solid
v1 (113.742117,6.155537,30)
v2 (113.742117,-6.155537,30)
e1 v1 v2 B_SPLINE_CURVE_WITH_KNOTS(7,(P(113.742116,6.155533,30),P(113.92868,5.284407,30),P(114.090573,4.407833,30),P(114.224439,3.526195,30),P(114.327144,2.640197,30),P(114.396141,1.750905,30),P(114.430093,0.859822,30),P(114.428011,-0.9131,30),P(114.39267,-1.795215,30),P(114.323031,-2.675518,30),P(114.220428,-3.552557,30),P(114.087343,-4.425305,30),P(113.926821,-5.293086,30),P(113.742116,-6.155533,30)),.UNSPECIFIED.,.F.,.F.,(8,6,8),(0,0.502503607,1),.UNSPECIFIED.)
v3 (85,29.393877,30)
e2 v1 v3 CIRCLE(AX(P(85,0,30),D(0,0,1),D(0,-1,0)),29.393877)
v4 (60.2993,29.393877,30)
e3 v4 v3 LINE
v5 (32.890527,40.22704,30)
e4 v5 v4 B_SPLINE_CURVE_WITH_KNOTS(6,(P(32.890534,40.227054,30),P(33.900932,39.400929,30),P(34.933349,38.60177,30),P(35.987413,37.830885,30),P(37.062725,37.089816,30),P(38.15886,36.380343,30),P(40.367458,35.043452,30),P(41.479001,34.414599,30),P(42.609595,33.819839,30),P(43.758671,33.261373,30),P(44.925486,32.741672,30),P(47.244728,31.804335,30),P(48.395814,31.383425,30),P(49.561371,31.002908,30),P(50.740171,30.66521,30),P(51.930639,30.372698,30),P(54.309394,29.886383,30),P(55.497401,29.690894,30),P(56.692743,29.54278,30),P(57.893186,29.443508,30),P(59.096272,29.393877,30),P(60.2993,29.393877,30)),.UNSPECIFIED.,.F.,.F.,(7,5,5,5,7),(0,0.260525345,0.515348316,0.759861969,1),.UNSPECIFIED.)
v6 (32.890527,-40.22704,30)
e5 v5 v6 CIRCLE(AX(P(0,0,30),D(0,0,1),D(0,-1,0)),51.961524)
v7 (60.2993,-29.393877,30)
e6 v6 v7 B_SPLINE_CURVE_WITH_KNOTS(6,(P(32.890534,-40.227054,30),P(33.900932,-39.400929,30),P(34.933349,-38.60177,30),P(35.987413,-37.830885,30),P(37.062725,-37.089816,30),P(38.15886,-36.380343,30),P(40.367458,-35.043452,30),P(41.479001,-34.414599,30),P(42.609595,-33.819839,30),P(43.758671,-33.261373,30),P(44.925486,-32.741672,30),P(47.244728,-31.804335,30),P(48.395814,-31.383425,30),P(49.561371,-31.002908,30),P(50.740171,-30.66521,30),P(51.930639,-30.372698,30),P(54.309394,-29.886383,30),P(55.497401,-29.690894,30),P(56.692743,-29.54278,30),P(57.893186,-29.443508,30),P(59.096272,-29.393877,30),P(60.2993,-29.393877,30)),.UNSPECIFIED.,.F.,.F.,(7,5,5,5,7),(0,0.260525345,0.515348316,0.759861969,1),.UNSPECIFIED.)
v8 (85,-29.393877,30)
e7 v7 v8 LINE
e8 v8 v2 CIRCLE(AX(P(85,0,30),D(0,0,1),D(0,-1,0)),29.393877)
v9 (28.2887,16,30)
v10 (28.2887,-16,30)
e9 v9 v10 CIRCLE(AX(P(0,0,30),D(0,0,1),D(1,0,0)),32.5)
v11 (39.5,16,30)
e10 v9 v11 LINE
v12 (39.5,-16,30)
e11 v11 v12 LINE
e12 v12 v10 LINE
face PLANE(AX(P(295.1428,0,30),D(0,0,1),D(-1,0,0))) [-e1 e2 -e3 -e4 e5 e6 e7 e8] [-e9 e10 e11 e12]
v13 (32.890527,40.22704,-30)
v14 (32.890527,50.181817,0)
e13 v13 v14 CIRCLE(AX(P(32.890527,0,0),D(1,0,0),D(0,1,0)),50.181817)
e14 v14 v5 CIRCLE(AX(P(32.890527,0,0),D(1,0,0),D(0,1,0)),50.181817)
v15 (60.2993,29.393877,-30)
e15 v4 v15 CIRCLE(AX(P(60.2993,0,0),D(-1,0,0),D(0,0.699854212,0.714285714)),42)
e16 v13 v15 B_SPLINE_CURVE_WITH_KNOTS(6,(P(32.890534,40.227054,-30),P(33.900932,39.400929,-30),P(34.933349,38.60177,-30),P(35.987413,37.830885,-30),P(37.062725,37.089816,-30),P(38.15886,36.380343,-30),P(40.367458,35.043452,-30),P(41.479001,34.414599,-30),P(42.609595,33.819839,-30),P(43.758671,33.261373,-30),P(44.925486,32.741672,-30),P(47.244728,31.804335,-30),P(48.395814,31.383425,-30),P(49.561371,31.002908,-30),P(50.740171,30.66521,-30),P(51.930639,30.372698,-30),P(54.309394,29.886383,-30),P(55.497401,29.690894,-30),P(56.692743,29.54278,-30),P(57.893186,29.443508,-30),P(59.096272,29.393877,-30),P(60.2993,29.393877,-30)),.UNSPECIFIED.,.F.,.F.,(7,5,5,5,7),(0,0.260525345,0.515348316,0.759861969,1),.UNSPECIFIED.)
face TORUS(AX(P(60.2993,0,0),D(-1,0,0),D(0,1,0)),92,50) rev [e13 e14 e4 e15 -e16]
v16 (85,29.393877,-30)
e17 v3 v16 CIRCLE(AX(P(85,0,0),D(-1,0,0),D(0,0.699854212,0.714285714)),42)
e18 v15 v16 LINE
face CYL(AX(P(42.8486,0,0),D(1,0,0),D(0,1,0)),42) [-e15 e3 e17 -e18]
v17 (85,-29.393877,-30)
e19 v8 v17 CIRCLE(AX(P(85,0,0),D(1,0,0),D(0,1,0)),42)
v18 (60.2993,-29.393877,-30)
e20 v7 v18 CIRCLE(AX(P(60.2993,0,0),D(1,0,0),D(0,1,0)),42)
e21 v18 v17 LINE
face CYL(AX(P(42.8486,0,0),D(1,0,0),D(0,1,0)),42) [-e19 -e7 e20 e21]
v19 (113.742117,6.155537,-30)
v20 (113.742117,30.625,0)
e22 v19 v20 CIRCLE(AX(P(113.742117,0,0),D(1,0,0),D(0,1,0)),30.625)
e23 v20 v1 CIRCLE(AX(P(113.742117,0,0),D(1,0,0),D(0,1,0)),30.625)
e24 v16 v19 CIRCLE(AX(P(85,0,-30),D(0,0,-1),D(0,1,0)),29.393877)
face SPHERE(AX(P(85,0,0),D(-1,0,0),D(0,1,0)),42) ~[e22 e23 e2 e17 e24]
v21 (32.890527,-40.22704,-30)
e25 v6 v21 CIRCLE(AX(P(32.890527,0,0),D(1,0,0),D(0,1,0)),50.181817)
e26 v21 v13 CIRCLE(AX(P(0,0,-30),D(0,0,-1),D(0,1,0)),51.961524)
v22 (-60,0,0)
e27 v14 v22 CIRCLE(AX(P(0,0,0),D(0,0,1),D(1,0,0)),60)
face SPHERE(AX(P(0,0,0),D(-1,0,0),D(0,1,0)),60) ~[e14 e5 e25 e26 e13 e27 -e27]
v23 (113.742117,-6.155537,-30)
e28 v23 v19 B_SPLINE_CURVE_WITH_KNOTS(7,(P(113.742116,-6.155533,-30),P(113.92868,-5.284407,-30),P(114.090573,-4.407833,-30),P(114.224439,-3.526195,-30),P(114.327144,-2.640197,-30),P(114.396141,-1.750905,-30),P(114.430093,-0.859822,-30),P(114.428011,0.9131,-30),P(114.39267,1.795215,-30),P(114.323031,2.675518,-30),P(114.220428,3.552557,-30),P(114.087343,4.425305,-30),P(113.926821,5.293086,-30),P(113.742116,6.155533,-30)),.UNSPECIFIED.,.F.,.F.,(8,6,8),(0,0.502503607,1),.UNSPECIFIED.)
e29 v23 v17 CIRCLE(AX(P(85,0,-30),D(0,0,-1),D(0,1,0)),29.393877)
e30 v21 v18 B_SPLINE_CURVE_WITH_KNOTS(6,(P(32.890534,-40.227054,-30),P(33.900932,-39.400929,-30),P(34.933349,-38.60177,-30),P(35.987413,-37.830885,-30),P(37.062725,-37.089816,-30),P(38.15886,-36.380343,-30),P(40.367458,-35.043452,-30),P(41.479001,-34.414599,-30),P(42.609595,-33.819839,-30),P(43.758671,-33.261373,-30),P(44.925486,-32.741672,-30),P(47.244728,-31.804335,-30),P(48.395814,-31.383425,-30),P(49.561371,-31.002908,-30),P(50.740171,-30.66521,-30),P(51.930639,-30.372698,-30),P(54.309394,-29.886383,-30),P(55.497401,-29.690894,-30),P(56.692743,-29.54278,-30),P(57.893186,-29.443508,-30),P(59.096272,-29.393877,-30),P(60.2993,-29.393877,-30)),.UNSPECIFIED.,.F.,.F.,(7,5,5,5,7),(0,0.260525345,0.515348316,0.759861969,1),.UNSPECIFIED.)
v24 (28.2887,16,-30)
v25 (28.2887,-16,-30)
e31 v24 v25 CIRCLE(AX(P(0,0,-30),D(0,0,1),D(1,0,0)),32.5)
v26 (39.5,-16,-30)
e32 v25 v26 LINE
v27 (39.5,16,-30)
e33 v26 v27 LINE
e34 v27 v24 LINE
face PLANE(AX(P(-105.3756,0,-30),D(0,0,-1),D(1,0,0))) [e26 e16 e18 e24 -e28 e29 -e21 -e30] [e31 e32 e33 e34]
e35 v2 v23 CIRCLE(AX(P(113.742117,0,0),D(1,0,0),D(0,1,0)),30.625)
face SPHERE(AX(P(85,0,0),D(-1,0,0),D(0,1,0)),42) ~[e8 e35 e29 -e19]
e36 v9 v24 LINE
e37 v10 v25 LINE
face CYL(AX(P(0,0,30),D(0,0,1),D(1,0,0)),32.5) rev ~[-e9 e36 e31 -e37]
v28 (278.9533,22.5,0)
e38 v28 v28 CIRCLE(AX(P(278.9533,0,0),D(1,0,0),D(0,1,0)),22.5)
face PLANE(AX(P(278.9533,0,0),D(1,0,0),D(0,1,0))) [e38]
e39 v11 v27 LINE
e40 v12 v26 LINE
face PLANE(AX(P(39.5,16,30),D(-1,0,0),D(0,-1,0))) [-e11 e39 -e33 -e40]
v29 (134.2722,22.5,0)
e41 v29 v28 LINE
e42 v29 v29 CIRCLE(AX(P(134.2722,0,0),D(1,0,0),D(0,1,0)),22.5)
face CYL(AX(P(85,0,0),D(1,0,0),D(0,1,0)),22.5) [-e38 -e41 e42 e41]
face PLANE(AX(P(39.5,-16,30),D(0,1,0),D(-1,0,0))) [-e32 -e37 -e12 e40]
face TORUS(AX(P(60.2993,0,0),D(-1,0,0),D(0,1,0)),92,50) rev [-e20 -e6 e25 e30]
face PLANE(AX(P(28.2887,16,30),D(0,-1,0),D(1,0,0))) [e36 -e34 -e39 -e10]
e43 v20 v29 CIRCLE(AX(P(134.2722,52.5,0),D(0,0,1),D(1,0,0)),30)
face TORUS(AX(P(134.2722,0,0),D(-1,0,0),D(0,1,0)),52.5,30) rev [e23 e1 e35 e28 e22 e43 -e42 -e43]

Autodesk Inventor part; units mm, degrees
ref_plane "YZ Plane" through (0, 0, 0) normal (1, 0, 0) x (0, 1, 0)
ref_plane "XZ Plane" through (0, 0, 0) normal (0, 1, 0) x (-1, 0, 0)
ref_plane "XY Plane" through (0, 0, 0) normal (0, 0, 1) x (1, 0, 0)
sketch "Эскиз1" plane through (0, 0, 0) normal (0, 0, 1) x (1, 0, 0)
  circle A0 centre (0, 0) radius 60
  circle A1 centre (0, 0) radius 32.5
  line L0 (28.2887, 16) -> (28.2887, -16)
  line L1 (28.2887, 16) -> (39.5, 16)
  line L2 (39.5, 16) -> (39.5, -16)
  line L3 (39.5, -16) -> (28.2887, -16)
  line L4 (-60, 0) -> (279.451, 0)
  line L5 (42.8486, 42) -> (42.8486, -42)
  line L6 (42.8486, 42) -> (85, 42)
  line L7 (85, 42) -> (85, -42)
  line L8 (85, -42) -> (42.8486, -42)
  line L9 (42.8486, -42) -> (42.8486, 42)
  circle A2 centre (60.2993, 92) radius 50
  line L10 (0, 0) -> (60.2993, 92)
  circle A3 centre (85, 0) radius 42
  line L11 (85, 22.5) -> (278.9533, 22.5)
  line L12 (278.9533, 22.5) -> (278.9533, -22.5)
  line L13 (278.9533, -22.5) -> (85, -22.5)
  line L14 (85, -22.5) -> (85, 22.5)
  circle A4 centre (134.2722, 52.5) radius 30
  line L15 (85, 0) -> (134.2722, 52.5)
  point P0 (-32.5, 0)
  point P1 (278.9533, 0)
  point P2 (278.9533, 0)
  point P3 (134.2722, 22.5)
  point P4 (113.7421, 30.625)
  point P5 (60.2993, 42)
  point P6 (32.8905, 50.1818)
  dimension "d17" = 84
  dimension "d0" = 120
  dimension "d1" = 65
  dimension "d2" = 32
  dimension "d3" = 72
  dimension "d4" = 84
  dimension "d7" = 100
  dimension "d8" = 92
  dimension "d10" = 110
  dimension "d11" = 85
  dimension "d12" = 0
  dimension "d13" = 45
  dimension "d14" = 60
  dimension "d15" = 52.5
  dimension "d16" = 72
  dimension "d18" = 0
revolve "Вращение1" add sketch "Эскиз1" angle 360 about axis through (-60, 0, 0) along (1, 0, 0) picked at (45.8038, 26.0598) picked at (54.3043, 5.6582) picked at (76.4143, 10.6672) picked at (29.0608, 8.9784) contours A0 L10 A1 L4 | A2 L6 A0 | A0 L5 L4 L2 L1 A1 L10 | A1 L10 L4 | L5 A0 A3 L4 | L6 A3 A0 | A1 L0 L4 L10 | L4 A3 A0 | A0 A3 L7 L4 | L4 A1 L1 L2 | A3 L15 L11 L7 | A1 L4 L0 | L15 L11 A3 L4 | L7 L11 L15 | A3 L11 L12 L4 | A4 L11 A3 | A3 L11 L15
sketch "Эскиз2" plane through (0, 0, 0) normal (0, 1, 0) x (-1, 0, 0)
  line L0 (105.3756, -30) -> (-295.1428, -30)
  line L1 (-295.1428, -30) -> (-295.1428, 30)
  line L2 (-295.1428, 30) -> (105.3756, 30)
  line L3 (105.3756, 30) -> (105.3756, -30)
  point P0 (0, 0)
  point P1 (105.3756, 0)
  point P2 (0, 0)
  dimension "d20" = 0
  dimension "d21" = 60
extrude "Выдавливание1" cut sketch "Эскиз2" along normal mid plane 200 keep common part
sketch "Эскиз3" plane through (60.2993, -29.3939, 30) normal (0, 0, 1) x (1, 0, 0)
  circle A0 centre (-60.2993, 29.3939) radius 32.5
  line L0 (-32.0106, 13.3939) -> (-32.0106, 45.3939)
  line L1 (-32.0106, 45.3939) -> (-20.7993, 45.3939)
  line L2 (-20.7993, 45.3939) -> (-20.7993, 13.3939)
  line L3 (-20.7993, 13.3939) -> (-32.0106, 13.3939)
  line L4 (-32.0106, 13.3939) -> (-32.0106, 45.3939)
  point P0 (-92.7993, 29.3939)
  point P1 (-32.0106, 13.3939)
  dimension "d24" = 65
  dimension "d25" = 32
  dimension "d26" = 72
extrude "Выдавливание2" cut sketch "Эскиз3" against normal blind 100
properties part number "1_3"
